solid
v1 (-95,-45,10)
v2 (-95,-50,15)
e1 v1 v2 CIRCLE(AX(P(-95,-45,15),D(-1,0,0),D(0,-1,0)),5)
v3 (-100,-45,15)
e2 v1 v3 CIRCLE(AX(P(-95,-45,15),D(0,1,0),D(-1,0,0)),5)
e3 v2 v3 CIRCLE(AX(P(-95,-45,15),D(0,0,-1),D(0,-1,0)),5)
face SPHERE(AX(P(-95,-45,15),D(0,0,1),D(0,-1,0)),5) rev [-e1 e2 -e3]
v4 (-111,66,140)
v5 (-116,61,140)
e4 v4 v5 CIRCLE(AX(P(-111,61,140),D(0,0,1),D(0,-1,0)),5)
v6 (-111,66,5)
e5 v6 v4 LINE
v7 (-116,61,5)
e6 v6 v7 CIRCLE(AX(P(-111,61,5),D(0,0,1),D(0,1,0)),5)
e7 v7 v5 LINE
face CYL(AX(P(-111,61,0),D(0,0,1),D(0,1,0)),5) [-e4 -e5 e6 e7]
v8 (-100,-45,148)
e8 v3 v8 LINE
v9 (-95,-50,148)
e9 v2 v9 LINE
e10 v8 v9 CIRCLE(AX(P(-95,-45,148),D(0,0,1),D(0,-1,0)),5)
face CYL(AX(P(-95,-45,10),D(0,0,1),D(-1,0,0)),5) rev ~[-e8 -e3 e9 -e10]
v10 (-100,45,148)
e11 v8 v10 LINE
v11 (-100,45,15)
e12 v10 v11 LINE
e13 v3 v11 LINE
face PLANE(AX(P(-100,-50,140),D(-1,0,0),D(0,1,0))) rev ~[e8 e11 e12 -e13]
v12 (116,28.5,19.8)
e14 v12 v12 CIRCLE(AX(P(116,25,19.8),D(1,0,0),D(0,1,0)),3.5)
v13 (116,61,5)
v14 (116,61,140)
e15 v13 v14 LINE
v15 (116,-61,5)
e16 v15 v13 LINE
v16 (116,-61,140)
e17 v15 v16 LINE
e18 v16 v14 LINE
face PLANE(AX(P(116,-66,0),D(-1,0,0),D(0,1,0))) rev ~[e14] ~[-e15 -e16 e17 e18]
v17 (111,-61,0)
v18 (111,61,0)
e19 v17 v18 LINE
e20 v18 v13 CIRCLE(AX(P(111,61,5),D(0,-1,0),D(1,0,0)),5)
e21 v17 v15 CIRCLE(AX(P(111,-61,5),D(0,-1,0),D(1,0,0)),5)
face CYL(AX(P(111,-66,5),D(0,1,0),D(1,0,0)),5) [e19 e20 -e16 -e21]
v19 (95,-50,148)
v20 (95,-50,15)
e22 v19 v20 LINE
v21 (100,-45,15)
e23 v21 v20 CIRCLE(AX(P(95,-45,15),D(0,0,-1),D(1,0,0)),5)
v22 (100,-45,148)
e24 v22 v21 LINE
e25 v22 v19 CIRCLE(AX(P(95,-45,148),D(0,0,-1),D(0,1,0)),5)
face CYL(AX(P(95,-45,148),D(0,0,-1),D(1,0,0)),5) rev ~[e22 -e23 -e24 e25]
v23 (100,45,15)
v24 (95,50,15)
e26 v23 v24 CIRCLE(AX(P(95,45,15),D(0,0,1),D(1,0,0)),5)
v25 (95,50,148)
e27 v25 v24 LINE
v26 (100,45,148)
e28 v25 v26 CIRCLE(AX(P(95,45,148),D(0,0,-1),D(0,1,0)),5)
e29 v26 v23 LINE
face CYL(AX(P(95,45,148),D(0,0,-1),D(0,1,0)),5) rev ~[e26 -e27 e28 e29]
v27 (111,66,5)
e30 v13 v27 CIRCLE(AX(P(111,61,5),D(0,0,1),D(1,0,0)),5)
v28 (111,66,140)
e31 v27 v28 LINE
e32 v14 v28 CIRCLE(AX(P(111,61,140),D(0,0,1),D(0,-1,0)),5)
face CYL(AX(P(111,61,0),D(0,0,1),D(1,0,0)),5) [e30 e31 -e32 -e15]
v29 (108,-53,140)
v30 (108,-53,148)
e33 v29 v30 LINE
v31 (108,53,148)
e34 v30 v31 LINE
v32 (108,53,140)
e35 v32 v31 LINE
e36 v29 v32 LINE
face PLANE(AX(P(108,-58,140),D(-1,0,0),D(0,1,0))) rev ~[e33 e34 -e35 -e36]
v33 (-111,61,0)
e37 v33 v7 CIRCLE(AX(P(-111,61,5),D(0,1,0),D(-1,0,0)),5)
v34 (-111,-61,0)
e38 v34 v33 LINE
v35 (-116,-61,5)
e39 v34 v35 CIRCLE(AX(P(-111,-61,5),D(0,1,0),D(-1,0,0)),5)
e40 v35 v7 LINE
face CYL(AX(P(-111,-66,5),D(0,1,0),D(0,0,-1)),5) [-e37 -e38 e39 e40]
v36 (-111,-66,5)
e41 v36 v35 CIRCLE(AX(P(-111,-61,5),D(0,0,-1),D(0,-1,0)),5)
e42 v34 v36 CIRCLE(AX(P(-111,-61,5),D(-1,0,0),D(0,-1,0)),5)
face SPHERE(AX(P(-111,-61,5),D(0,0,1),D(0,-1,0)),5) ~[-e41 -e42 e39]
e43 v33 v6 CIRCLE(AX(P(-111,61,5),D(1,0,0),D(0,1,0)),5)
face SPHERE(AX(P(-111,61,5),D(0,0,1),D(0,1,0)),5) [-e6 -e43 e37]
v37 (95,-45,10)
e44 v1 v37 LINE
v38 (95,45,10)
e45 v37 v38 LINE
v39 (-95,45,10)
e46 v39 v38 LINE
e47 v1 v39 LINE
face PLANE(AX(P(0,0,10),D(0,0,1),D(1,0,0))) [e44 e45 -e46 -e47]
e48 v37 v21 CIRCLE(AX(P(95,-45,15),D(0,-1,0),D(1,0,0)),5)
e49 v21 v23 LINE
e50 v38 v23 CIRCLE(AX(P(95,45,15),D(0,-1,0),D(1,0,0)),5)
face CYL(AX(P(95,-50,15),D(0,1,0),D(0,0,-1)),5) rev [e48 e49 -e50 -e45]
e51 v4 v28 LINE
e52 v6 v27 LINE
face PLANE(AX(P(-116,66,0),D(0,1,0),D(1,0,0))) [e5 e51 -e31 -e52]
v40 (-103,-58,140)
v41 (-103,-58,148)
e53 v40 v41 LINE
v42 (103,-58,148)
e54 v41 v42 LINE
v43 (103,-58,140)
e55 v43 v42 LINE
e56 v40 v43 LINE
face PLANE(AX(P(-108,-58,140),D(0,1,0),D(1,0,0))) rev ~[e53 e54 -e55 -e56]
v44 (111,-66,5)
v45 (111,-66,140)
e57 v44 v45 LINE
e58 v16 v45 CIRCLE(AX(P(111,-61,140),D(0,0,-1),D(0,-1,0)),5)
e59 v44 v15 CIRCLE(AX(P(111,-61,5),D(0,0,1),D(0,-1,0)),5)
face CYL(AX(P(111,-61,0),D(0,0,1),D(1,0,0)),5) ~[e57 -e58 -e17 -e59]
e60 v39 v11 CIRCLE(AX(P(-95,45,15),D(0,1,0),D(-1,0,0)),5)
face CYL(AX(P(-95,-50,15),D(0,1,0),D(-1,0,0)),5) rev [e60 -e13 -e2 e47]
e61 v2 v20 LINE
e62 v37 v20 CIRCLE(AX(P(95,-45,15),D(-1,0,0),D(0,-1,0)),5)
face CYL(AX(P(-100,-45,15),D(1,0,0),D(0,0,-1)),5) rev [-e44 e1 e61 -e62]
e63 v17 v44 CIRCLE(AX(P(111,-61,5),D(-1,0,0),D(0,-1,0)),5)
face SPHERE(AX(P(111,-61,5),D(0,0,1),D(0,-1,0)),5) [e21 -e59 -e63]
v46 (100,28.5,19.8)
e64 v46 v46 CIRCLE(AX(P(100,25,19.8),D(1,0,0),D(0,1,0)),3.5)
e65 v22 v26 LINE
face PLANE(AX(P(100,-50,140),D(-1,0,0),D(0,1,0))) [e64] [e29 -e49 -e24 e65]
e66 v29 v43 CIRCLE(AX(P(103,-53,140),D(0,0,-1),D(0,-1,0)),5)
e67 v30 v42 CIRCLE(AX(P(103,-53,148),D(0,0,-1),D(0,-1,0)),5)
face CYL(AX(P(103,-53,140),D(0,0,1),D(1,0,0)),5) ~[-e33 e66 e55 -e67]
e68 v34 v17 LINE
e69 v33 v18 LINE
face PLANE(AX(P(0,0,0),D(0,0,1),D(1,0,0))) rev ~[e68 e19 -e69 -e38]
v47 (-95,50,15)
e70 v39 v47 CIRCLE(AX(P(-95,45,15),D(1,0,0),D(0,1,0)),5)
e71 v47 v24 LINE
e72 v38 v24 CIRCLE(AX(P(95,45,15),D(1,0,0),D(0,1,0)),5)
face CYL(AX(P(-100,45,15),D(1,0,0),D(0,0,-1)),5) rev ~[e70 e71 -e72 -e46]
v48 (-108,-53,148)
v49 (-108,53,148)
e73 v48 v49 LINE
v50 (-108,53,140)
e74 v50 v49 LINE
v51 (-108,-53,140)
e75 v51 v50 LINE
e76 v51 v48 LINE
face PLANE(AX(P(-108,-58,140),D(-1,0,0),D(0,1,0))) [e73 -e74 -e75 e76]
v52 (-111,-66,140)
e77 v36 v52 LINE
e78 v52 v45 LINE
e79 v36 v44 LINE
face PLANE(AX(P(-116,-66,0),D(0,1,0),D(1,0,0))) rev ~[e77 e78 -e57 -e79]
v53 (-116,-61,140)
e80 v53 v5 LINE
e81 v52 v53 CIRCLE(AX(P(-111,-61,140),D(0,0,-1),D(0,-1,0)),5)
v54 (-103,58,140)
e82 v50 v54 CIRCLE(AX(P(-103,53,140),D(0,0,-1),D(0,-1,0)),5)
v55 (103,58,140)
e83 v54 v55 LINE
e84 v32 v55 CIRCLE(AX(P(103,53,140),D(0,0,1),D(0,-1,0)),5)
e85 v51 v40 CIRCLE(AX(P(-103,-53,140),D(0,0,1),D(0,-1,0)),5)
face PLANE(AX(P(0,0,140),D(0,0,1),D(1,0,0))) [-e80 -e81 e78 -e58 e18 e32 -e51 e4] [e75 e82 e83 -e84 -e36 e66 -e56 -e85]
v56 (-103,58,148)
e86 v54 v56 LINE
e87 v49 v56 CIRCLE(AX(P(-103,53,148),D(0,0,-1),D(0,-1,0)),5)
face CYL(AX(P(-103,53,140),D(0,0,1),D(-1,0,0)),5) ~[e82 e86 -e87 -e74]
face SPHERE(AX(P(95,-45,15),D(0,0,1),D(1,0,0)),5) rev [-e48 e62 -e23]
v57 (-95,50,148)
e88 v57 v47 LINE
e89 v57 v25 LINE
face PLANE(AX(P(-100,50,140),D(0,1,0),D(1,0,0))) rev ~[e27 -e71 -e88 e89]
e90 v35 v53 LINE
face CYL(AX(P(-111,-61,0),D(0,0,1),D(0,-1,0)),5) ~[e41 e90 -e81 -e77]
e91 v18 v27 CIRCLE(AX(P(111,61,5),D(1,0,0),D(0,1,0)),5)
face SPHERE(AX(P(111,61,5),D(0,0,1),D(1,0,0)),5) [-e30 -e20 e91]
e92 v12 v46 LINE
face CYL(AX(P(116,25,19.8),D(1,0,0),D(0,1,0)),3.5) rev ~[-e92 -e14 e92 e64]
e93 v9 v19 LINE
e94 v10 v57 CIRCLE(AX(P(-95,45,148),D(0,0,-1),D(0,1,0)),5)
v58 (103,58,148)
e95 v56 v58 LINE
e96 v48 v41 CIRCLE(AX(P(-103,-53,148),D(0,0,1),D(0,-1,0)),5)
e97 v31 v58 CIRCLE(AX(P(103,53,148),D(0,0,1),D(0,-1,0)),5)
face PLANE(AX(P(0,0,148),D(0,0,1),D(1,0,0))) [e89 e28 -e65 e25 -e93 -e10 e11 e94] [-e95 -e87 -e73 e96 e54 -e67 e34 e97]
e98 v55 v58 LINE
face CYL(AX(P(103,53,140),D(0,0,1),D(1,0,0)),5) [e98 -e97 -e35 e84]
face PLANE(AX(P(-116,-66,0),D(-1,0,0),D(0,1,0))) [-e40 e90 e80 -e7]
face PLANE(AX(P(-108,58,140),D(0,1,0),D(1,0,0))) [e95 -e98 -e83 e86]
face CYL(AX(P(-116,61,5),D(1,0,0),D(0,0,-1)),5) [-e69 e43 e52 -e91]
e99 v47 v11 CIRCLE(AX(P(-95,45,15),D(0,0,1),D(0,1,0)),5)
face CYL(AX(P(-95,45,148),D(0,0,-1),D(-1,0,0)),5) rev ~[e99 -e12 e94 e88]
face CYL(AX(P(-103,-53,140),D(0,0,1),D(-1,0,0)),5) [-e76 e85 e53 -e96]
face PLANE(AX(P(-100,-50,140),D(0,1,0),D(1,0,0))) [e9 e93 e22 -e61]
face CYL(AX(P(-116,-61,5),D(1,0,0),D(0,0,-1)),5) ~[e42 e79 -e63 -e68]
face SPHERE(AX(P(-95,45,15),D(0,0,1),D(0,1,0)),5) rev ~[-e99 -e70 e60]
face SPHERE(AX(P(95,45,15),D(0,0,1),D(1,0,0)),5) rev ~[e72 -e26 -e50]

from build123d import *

# Parameters (mm, degrees)
SKETCH_W        = 232
SKETCH_H        = 132
PAD_DEPTH       = 140
SKETCH001_W     = 200
SKETCH001_H     = 100
POCKET_DEPTH    = 130
SKETCH002_W     = 216
SKETCH002_H     = 116
SKETCH002_W_2   = 200
SKETCH002_H_2   = 100
PAD001_DEPTH    = 8
FILLET_R        = 5
SKETCH008_R     = 3.5
POCKET003_DEPTH = 16


with BuildPart() as part:
    # Sketch → Pad (new body)
    with BuildSketch(Plane.XY):
        Rectangle(SKETCH_W, SKETCH_H)
    extrude(amount=PAD_DEPTH)

    # Sketch001 (on Face6 of Pad) → Pocket (cut)
    with BuildSketch(Plane.XY.offset(140)):
        Rectangle(SKETCH001_W, SKETCH001_H)
    extrude(amount=-POCKET_DEPTH, mode=Mode.SUBTRACT)

    # Sketch002 (on Face5 of Pocket) → Pad001 (join)
    with BuildSketch(Plane.XY.offset(140)):
        Rectangle(SKETCH002_W, SKETCH002_H)
        Rectangle(SKETCH002_W_2, SKETCH002_H_2, mode=Mode.SUBTRACT)
    extrude(amount=PAD001_DEPTH)

    # Fillet
    fillet_edges = [part.edges().sort_by_distance(p)[0] for p in [
        (-116, -66, 70),
        (116, -66, 70),
        (116, 66, 70),
        (0, -66, 0),
        (116, 0, 0),
        (-100, 50, 79),
        (-100, -50, 79),
        (-116, 66, 70),
        (100, -50, 79),
        (100, 50, 79),
        (100, 0, 10),
        (0, -50, 10),
        (0, 50, 10),
        (-100, 0, 10),
        (108, -58, 144),
        (108, 58, 144),
        (-108, -58, 144),
        (-108, 58, 144),
        (0, 66, 0),
        (-116, 0, 0),
    ]]
    fillet(fillet_edges, radius=FILLET_R)

    # Sketch008 (on Face10 of Fillet) → Pocket003 (cut)
    with BuildSketch(Plane.YZ.offset(116)):
        with Locations((25, 19.8)):
            Circle(SKETCH008_R)
    extrude(amount=-POCKET003_DEPTH, mode=Mode.SUBTRACT)


solid = part.part
